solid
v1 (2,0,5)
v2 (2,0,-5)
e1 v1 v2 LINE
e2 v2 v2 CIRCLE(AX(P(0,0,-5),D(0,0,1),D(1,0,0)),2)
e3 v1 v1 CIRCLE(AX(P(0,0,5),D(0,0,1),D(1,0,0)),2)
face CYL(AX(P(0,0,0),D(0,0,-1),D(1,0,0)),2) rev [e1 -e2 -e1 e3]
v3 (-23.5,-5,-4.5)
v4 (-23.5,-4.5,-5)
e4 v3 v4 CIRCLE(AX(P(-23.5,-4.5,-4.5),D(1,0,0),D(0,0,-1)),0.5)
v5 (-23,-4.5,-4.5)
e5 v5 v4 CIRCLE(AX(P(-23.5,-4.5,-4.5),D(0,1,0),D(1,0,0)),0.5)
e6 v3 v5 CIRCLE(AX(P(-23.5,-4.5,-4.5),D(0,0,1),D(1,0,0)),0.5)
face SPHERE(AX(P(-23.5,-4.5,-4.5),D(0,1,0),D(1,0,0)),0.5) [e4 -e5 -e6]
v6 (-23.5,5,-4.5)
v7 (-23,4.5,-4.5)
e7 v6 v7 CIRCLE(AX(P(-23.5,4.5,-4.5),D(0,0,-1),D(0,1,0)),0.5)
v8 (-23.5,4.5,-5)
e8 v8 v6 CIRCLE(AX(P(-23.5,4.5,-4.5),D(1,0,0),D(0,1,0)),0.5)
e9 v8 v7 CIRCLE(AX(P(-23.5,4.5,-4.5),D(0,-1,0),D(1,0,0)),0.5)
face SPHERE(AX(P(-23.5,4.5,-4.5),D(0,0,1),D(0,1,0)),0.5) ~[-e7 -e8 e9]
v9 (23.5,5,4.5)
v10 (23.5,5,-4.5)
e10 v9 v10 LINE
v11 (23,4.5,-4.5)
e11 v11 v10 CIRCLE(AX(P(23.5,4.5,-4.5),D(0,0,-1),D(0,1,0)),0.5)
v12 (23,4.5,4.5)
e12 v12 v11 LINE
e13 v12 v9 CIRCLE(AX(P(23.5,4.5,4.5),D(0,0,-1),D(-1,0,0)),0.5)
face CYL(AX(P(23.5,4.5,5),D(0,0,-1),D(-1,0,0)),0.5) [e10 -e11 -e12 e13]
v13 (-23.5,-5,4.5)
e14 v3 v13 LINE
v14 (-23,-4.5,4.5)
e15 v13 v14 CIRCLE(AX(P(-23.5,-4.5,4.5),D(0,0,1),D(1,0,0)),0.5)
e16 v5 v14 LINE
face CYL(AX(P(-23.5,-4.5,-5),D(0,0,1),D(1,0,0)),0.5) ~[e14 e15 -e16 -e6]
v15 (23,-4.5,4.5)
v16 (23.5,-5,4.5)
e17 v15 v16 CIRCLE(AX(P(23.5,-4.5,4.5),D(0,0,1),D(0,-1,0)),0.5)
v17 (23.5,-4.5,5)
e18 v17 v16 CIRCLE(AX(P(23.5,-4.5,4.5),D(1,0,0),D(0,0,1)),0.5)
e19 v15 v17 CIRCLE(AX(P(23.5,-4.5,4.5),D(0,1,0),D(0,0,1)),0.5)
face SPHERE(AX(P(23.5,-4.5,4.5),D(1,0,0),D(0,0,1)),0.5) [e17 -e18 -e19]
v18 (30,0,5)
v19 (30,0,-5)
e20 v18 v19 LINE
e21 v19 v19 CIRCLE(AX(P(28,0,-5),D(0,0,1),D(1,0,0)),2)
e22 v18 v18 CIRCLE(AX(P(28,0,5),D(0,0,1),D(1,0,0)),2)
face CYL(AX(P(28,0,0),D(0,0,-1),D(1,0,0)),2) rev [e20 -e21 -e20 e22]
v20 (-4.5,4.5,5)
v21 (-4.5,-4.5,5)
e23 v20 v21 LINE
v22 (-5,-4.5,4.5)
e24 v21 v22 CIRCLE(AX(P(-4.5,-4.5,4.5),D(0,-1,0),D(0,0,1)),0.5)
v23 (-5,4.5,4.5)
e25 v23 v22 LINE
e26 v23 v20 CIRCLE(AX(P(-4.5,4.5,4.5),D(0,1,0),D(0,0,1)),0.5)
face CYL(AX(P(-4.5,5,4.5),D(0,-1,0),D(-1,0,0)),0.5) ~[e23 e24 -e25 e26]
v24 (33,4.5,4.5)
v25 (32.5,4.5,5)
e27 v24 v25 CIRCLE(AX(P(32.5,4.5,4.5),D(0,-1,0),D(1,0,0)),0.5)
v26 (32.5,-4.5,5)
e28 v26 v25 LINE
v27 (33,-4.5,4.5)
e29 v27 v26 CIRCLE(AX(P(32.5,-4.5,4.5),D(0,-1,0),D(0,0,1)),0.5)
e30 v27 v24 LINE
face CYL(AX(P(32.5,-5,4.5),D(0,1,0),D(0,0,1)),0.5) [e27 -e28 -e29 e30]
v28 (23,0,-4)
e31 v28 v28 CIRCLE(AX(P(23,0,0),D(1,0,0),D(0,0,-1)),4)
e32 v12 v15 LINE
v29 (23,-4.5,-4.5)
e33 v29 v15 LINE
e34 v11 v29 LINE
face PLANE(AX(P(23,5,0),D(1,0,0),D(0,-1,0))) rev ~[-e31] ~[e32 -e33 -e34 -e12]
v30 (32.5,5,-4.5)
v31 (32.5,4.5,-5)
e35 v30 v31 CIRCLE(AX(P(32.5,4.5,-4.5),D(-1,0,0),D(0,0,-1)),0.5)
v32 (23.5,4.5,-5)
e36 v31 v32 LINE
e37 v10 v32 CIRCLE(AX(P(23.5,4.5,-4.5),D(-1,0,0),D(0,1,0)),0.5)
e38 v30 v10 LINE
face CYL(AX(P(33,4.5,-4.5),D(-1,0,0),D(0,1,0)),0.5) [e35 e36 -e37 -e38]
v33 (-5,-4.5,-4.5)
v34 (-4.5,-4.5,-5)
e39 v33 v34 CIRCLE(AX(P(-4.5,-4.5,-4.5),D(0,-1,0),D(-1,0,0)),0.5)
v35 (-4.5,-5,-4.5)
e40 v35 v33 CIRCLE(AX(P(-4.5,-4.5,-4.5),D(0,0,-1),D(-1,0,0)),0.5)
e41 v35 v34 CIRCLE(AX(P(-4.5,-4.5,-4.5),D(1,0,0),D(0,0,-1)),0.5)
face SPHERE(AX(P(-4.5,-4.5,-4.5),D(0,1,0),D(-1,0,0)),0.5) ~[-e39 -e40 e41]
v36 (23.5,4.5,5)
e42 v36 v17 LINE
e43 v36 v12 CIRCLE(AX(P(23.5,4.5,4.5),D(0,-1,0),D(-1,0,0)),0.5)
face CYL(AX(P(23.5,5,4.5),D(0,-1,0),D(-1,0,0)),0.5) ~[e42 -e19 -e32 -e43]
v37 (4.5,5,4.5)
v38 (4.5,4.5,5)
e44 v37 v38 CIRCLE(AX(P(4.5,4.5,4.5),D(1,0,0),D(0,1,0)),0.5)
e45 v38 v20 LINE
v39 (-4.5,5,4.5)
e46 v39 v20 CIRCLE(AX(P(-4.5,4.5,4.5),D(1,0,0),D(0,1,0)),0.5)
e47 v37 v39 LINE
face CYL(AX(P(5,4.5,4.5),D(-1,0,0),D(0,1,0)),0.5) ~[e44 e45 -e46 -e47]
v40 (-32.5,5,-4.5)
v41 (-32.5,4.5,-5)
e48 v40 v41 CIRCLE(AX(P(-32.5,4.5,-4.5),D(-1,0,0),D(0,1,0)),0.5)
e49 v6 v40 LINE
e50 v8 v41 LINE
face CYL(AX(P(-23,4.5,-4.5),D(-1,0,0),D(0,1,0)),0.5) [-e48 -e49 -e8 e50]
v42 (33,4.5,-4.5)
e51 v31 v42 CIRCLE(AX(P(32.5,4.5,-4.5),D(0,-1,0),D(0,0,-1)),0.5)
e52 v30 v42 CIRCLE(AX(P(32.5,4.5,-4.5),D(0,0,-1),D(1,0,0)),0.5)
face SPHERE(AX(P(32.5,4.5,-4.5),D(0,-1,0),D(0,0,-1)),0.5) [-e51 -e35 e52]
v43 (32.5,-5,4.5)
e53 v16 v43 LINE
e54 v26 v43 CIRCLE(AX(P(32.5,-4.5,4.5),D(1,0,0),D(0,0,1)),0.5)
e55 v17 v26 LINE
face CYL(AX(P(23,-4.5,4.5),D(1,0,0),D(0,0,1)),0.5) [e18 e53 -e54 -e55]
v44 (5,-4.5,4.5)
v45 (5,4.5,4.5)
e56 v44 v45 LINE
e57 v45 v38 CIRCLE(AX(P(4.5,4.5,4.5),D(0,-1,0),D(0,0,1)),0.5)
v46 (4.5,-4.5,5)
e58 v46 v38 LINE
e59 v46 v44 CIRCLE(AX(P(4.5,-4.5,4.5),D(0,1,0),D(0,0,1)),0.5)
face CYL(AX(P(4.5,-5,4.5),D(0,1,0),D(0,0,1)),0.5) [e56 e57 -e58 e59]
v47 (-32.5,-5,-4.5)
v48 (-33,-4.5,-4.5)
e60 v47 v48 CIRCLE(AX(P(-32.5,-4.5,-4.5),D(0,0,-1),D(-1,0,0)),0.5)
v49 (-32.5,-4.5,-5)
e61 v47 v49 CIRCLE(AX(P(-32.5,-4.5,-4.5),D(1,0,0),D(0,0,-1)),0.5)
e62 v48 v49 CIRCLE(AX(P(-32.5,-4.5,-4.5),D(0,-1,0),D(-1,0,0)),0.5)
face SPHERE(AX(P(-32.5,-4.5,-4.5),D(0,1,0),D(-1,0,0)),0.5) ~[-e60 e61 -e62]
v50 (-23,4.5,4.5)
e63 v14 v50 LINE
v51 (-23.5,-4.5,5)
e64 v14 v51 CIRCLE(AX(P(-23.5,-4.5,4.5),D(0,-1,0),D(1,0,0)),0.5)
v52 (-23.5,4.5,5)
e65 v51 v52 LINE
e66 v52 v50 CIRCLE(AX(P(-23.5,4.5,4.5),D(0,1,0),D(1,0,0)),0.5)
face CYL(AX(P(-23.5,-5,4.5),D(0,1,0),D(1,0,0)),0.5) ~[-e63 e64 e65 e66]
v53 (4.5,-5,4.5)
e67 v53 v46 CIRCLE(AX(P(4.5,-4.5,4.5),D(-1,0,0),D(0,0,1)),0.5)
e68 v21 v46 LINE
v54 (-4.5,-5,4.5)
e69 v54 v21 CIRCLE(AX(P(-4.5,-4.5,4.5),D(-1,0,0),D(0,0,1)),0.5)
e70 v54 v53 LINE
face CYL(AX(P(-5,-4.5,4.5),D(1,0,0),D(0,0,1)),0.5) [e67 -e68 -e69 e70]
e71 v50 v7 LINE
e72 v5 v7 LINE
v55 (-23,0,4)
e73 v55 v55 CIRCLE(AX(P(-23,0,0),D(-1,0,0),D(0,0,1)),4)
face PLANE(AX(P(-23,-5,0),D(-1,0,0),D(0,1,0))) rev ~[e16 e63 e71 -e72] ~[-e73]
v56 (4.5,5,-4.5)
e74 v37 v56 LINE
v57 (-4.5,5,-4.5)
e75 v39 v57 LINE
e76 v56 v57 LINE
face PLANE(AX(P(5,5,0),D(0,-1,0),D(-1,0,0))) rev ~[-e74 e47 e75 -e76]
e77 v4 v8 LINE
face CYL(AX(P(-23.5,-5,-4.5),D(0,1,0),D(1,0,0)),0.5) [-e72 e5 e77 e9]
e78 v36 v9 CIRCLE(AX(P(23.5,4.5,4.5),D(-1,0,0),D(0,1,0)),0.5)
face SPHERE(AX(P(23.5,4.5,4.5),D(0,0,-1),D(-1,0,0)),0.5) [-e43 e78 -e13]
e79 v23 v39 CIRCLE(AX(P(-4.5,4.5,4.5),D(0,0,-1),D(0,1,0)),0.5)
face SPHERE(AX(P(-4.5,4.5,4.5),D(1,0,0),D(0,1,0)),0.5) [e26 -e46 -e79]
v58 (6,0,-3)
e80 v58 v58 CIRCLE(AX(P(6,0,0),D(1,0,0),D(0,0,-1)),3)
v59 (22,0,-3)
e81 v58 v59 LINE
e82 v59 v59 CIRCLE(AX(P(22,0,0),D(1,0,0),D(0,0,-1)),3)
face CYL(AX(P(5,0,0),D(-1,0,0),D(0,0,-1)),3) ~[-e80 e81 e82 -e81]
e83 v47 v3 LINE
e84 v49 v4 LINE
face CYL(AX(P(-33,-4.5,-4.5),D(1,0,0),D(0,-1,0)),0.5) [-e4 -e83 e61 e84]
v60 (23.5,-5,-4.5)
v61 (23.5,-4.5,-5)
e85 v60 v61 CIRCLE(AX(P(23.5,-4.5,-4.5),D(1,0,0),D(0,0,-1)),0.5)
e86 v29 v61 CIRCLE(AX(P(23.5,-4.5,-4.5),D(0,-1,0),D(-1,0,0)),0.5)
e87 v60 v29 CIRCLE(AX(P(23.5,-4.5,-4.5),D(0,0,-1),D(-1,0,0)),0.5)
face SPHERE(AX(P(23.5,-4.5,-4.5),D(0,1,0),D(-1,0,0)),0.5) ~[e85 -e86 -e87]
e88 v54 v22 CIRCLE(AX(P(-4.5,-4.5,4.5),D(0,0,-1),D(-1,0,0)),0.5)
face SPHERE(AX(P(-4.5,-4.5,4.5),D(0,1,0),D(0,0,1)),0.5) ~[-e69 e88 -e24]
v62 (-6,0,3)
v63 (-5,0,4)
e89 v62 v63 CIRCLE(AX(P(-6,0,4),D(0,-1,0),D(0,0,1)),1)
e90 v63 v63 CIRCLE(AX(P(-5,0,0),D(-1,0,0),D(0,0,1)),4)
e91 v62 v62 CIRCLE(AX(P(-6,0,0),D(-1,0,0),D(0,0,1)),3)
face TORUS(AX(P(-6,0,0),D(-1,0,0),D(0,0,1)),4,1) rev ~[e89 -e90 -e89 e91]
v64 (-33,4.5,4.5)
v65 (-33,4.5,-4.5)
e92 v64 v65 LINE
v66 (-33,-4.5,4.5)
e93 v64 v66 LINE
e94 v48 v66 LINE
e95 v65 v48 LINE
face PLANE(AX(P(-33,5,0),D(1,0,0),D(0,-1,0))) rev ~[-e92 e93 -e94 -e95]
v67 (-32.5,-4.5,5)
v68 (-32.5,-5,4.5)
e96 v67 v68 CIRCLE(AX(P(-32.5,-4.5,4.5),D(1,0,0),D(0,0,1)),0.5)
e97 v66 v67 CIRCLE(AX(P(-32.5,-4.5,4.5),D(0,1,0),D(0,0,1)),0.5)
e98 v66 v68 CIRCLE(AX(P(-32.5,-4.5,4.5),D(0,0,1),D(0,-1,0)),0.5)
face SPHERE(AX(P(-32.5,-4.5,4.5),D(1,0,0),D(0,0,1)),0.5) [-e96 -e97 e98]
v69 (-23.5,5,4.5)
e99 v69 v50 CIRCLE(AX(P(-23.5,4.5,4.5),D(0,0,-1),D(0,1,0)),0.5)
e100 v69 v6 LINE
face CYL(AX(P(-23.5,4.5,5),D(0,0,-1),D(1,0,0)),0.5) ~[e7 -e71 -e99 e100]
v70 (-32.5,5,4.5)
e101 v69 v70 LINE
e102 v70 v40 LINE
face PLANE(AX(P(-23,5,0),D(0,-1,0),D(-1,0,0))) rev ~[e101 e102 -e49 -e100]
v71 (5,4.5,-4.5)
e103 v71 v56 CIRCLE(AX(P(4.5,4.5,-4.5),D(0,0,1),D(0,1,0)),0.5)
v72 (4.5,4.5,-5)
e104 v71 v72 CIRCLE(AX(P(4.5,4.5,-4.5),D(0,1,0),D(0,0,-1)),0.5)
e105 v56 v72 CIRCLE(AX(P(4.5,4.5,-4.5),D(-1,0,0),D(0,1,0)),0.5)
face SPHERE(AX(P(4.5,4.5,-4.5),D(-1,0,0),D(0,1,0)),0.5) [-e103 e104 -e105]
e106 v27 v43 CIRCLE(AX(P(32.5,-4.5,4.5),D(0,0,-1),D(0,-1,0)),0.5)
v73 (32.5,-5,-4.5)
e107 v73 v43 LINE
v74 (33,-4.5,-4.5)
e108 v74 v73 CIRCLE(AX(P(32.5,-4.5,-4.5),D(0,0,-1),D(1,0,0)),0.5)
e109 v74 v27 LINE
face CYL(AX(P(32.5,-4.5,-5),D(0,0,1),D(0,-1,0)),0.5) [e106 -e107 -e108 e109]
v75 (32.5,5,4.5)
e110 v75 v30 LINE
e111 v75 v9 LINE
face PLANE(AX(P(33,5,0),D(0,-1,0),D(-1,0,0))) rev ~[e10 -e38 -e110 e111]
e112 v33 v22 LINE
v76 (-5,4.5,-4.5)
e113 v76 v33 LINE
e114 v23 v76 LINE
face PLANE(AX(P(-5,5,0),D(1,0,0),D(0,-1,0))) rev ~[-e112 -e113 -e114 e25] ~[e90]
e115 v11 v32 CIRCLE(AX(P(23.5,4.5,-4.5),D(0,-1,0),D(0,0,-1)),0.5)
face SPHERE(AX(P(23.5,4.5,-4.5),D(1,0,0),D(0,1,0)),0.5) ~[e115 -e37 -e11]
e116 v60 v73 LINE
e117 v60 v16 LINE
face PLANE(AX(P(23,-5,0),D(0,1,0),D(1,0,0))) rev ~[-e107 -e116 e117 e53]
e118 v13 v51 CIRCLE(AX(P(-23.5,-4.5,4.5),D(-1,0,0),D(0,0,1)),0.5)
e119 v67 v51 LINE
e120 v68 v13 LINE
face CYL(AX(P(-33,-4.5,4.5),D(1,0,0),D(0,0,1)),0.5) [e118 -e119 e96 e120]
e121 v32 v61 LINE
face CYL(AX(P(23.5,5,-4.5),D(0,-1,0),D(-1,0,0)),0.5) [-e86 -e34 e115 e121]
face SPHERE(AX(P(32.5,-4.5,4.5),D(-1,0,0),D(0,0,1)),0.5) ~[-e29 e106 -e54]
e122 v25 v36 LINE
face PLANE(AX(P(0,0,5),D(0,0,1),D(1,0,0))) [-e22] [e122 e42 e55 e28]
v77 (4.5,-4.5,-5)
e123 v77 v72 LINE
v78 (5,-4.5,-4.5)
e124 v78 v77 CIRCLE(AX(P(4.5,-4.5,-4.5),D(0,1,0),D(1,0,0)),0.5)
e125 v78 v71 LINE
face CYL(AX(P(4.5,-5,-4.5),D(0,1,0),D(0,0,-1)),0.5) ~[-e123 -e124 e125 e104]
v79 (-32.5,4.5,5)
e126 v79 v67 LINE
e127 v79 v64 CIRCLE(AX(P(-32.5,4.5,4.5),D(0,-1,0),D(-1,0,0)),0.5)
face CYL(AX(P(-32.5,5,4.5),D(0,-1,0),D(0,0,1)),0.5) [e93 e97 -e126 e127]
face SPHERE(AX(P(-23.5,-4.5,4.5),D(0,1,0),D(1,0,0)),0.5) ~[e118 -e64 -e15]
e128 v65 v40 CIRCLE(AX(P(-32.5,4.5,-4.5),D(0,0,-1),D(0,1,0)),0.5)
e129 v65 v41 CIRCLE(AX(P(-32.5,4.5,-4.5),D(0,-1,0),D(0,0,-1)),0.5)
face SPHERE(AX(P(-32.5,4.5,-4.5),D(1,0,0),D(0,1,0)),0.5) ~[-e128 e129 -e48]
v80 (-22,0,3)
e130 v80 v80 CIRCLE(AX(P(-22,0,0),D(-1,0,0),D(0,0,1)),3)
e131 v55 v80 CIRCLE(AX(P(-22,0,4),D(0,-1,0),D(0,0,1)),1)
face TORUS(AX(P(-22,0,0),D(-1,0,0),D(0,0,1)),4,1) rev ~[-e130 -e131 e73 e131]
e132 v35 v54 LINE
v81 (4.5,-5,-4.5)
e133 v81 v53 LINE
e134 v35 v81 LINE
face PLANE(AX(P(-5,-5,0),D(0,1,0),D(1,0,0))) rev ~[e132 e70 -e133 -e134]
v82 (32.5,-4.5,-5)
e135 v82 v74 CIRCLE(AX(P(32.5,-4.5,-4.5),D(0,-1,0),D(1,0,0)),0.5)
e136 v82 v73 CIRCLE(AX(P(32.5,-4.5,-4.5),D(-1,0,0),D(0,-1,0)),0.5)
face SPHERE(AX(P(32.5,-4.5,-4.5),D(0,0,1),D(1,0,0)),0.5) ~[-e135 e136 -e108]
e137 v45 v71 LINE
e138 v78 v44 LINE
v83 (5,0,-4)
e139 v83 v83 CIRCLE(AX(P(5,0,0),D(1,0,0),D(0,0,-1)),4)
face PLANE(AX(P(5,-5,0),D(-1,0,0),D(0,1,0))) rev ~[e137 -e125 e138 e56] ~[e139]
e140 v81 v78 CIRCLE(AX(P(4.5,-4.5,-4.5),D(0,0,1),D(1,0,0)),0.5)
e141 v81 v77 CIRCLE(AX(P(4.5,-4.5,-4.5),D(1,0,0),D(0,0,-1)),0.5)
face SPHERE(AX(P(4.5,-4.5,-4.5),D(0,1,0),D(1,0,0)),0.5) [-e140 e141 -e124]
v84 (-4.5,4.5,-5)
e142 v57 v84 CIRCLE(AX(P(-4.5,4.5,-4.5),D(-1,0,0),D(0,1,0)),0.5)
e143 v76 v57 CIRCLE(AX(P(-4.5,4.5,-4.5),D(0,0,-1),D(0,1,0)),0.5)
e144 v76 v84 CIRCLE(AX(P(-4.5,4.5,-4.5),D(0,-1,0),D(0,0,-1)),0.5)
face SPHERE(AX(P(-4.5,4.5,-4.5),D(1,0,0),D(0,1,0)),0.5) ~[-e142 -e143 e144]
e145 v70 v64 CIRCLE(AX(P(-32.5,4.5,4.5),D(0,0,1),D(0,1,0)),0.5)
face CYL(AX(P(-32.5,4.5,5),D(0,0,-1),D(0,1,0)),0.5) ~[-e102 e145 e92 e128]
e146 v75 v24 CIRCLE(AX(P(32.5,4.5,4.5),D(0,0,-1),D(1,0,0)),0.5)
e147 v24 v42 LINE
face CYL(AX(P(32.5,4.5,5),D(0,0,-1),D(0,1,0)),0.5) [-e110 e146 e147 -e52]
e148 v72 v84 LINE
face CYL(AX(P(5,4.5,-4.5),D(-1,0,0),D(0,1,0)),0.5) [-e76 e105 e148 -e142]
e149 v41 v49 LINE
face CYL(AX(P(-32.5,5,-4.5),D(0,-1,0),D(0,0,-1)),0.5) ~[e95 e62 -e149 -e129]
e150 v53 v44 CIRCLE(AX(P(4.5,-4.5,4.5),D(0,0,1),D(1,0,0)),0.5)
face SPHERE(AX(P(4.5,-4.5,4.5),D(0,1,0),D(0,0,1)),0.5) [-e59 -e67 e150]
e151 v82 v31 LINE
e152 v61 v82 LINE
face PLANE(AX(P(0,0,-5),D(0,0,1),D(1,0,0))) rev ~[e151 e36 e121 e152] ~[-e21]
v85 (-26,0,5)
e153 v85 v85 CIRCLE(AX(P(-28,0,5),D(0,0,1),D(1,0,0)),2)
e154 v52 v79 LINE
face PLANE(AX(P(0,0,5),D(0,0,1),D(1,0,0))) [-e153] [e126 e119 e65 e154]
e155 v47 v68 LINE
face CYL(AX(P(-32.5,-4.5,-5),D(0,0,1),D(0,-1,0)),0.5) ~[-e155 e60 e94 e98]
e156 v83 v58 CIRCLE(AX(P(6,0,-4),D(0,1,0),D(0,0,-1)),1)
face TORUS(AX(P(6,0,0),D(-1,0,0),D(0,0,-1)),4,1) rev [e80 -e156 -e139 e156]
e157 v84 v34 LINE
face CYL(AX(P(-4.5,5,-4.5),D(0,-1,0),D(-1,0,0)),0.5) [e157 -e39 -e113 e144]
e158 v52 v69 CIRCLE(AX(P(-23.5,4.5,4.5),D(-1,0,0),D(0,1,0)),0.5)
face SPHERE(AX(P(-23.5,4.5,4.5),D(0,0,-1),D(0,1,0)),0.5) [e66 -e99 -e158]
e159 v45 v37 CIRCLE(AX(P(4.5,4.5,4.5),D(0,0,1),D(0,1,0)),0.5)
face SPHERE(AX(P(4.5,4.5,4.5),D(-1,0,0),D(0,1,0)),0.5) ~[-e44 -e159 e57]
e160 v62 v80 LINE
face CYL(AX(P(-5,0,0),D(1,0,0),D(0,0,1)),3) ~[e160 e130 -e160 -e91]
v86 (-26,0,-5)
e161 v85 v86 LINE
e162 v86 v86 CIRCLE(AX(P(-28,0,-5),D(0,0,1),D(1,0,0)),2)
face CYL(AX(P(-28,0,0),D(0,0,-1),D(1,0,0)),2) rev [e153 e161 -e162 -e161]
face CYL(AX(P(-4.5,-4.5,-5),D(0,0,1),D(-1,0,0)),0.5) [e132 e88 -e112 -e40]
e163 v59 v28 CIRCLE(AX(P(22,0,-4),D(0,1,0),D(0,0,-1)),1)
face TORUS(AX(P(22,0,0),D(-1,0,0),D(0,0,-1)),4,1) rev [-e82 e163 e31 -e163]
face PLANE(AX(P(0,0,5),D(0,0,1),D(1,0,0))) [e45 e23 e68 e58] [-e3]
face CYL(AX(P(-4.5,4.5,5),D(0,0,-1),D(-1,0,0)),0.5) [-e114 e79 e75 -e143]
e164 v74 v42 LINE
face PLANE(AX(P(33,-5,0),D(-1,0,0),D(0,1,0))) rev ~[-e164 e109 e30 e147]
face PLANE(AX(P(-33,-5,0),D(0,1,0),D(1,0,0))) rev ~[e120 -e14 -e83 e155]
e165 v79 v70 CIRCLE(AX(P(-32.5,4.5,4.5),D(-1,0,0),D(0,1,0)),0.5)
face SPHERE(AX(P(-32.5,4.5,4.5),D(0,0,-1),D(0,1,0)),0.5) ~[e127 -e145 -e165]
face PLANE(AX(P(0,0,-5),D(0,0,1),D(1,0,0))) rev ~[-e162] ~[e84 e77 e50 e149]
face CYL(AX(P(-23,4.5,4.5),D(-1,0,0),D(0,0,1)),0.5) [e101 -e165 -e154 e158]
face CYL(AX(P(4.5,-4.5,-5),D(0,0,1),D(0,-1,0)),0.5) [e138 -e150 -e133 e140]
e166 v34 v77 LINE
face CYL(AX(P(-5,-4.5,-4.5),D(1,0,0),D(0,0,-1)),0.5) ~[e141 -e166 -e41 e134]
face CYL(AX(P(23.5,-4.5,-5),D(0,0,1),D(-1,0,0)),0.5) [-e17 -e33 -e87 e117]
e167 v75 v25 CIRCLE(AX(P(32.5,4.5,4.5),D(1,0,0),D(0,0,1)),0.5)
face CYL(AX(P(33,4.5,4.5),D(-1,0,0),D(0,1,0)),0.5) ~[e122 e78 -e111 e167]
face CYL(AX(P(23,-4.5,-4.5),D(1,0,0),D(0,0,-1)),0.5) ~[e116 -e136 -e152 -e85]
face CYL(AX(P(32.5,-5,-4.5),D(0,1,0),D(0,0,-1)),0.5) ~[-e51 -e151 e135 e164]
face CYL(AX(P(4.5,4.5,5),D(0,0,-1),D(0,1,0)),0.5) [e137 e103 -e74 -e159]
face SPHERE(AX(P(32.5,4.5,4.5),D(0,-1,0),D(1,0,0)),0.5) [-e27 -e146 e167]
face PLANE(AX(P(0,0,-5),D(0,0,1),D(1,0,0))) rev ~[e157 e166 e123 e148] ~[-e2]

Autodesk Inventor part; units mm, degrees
ref_plane "YZ Plane" through (0, 0, 0) normal (1, 0, 0) x (0, 1, 0)
ref_plane "XZ Plane" through (0, 0, 0) normal (0, 1, 0) x (-1, 0, 0)
ref_plane "XY Plane" through (0, 0, 0) normal (0, 0, 1) x (1, 0, 0)
sketch "Boceto1" plane through (0, 0, 0) normal (0, 0, 1) x (1, 0, 0)
  line L0 (-5, -5) -> (5, -5)
  line L1 (5, -5) -> (5, 5)
  line L2 (5, 5) -> (-5, 5)
  line L3 (-5, 5) -> (-5, -5)
  line L4 (-5, -5) -> (5, 5) construction
  line L5 (5, -5) -> (-5, 5) construction
  circle A0 centre (0, 0) radius 2
  dimension "d0" = 10
  dimension "d1" = 10
  dimension "d2" = 4
extrude "Extrusión1" add sketch "Boceto1" along normal mid plane 10
sketch "Boceto2" plane through (5, -5, 5) normal (1, 0, 0) x (0, 0, -1)
  circle A0 centre (5, 5) radius 3
  dimension "d5" = 6
extrude "Extrusión2" add sketch "Boceto2" along normal blind 18
sketch "Boceto3" plane through (0, 0, 0) normal (0, 0, 1) x (1, 0, 0)
  line L0 (23, -5) -> (33, -5)
  line L1 (33, -5) -> (33, 5)
  line L2 (33, 5) -> (23, 5)
  line L3 (23, 5) -> (23, -5)
  line L4 (23, -5) -> (33, 5) construction
  line L5 (33, -5) -> (23, 5) construction
  circle A0 centre (28, 0) radius 2
  point P0 (0, 0)
  point P1 (28, 0)
  dimension "d8" = 10
  dimension "d9" = 10
  dimension "d10" = 28
  dimension "d11" = 4
extrude "Extrusión3" add sketch "Boceto3" along normal mid plane 10
sketch "Boceto4" plane through (-5, -5, 5) normal (-1, 0, 0) x (0, 0, 1)
  circle A0 centre (-5, 5) radius 3
  dimension "d14" = 6
extrude "Extrusión4" add sketch "Boceto4" along normal blind 18
sketch "Boceto5" plane through (0, 0, 0) normal (0, 0, 1) x (1, 0, 0)
  line L0 (-33, -5) -> (-23, -5)
  line L1 (-23, -5) -> (-23, 5)
  line L2 (-23, 5) -> (-33, 5)
  line L3 (-33, 5) -> (-33, -5)
  line L4 (-33, -5) -> (-23, 5) construction
  line L5 (-23, -5) -> (-33, 5) construction
  circle A0 centre (-28, 0) radius 2
  point P0 (0, 0)
  dimension "d17" = 10
  dimension "d18" = 10
  dimension "d19" = 28
  dimension "d20" = 4
extrude "Extrusión5" add sketch "Boceto5" along normal mid plane 10
fillet "Empalme1" radius 1 4 edges at (-5, 0, -3) (23, 0, 3) (5, 0, 3) (-23, 0, -3)
fillet "Empalme2" radius 0.5 36 edges at (-23, 5, 0) (-28, 5, -5) (-33, 5, 0) (-28, 5, 5) (-23, 0, 5) (-23, 0, -5) (-23, -5, 0) (-28, -5, 5) (-33, 0, 5) (0, 5, 5) (0, 5, -5) (-5, 5, 0) (5, 5, 0) (5, 0, -5) (5, 0, 5) (-5, 0, 5) (0, -5, 5) (5, -5, 0) (28, -5, 5) (33, 0, 5) (33, -5, 0) (33, 0, -5) (28, 5, -5) (33, 5, 0) (23, 5, 0) (23, 0, 5) (28, 5, 5) (23, 0, -5) (23, -5, 0) (-5, 0, -5) (-5, -5, 0) (-33, 0, -5) (-33, -5, 0) (-28, -5, -5) (0, -5, -5) (28, -5, -5)
properties part number "connectingRod"
